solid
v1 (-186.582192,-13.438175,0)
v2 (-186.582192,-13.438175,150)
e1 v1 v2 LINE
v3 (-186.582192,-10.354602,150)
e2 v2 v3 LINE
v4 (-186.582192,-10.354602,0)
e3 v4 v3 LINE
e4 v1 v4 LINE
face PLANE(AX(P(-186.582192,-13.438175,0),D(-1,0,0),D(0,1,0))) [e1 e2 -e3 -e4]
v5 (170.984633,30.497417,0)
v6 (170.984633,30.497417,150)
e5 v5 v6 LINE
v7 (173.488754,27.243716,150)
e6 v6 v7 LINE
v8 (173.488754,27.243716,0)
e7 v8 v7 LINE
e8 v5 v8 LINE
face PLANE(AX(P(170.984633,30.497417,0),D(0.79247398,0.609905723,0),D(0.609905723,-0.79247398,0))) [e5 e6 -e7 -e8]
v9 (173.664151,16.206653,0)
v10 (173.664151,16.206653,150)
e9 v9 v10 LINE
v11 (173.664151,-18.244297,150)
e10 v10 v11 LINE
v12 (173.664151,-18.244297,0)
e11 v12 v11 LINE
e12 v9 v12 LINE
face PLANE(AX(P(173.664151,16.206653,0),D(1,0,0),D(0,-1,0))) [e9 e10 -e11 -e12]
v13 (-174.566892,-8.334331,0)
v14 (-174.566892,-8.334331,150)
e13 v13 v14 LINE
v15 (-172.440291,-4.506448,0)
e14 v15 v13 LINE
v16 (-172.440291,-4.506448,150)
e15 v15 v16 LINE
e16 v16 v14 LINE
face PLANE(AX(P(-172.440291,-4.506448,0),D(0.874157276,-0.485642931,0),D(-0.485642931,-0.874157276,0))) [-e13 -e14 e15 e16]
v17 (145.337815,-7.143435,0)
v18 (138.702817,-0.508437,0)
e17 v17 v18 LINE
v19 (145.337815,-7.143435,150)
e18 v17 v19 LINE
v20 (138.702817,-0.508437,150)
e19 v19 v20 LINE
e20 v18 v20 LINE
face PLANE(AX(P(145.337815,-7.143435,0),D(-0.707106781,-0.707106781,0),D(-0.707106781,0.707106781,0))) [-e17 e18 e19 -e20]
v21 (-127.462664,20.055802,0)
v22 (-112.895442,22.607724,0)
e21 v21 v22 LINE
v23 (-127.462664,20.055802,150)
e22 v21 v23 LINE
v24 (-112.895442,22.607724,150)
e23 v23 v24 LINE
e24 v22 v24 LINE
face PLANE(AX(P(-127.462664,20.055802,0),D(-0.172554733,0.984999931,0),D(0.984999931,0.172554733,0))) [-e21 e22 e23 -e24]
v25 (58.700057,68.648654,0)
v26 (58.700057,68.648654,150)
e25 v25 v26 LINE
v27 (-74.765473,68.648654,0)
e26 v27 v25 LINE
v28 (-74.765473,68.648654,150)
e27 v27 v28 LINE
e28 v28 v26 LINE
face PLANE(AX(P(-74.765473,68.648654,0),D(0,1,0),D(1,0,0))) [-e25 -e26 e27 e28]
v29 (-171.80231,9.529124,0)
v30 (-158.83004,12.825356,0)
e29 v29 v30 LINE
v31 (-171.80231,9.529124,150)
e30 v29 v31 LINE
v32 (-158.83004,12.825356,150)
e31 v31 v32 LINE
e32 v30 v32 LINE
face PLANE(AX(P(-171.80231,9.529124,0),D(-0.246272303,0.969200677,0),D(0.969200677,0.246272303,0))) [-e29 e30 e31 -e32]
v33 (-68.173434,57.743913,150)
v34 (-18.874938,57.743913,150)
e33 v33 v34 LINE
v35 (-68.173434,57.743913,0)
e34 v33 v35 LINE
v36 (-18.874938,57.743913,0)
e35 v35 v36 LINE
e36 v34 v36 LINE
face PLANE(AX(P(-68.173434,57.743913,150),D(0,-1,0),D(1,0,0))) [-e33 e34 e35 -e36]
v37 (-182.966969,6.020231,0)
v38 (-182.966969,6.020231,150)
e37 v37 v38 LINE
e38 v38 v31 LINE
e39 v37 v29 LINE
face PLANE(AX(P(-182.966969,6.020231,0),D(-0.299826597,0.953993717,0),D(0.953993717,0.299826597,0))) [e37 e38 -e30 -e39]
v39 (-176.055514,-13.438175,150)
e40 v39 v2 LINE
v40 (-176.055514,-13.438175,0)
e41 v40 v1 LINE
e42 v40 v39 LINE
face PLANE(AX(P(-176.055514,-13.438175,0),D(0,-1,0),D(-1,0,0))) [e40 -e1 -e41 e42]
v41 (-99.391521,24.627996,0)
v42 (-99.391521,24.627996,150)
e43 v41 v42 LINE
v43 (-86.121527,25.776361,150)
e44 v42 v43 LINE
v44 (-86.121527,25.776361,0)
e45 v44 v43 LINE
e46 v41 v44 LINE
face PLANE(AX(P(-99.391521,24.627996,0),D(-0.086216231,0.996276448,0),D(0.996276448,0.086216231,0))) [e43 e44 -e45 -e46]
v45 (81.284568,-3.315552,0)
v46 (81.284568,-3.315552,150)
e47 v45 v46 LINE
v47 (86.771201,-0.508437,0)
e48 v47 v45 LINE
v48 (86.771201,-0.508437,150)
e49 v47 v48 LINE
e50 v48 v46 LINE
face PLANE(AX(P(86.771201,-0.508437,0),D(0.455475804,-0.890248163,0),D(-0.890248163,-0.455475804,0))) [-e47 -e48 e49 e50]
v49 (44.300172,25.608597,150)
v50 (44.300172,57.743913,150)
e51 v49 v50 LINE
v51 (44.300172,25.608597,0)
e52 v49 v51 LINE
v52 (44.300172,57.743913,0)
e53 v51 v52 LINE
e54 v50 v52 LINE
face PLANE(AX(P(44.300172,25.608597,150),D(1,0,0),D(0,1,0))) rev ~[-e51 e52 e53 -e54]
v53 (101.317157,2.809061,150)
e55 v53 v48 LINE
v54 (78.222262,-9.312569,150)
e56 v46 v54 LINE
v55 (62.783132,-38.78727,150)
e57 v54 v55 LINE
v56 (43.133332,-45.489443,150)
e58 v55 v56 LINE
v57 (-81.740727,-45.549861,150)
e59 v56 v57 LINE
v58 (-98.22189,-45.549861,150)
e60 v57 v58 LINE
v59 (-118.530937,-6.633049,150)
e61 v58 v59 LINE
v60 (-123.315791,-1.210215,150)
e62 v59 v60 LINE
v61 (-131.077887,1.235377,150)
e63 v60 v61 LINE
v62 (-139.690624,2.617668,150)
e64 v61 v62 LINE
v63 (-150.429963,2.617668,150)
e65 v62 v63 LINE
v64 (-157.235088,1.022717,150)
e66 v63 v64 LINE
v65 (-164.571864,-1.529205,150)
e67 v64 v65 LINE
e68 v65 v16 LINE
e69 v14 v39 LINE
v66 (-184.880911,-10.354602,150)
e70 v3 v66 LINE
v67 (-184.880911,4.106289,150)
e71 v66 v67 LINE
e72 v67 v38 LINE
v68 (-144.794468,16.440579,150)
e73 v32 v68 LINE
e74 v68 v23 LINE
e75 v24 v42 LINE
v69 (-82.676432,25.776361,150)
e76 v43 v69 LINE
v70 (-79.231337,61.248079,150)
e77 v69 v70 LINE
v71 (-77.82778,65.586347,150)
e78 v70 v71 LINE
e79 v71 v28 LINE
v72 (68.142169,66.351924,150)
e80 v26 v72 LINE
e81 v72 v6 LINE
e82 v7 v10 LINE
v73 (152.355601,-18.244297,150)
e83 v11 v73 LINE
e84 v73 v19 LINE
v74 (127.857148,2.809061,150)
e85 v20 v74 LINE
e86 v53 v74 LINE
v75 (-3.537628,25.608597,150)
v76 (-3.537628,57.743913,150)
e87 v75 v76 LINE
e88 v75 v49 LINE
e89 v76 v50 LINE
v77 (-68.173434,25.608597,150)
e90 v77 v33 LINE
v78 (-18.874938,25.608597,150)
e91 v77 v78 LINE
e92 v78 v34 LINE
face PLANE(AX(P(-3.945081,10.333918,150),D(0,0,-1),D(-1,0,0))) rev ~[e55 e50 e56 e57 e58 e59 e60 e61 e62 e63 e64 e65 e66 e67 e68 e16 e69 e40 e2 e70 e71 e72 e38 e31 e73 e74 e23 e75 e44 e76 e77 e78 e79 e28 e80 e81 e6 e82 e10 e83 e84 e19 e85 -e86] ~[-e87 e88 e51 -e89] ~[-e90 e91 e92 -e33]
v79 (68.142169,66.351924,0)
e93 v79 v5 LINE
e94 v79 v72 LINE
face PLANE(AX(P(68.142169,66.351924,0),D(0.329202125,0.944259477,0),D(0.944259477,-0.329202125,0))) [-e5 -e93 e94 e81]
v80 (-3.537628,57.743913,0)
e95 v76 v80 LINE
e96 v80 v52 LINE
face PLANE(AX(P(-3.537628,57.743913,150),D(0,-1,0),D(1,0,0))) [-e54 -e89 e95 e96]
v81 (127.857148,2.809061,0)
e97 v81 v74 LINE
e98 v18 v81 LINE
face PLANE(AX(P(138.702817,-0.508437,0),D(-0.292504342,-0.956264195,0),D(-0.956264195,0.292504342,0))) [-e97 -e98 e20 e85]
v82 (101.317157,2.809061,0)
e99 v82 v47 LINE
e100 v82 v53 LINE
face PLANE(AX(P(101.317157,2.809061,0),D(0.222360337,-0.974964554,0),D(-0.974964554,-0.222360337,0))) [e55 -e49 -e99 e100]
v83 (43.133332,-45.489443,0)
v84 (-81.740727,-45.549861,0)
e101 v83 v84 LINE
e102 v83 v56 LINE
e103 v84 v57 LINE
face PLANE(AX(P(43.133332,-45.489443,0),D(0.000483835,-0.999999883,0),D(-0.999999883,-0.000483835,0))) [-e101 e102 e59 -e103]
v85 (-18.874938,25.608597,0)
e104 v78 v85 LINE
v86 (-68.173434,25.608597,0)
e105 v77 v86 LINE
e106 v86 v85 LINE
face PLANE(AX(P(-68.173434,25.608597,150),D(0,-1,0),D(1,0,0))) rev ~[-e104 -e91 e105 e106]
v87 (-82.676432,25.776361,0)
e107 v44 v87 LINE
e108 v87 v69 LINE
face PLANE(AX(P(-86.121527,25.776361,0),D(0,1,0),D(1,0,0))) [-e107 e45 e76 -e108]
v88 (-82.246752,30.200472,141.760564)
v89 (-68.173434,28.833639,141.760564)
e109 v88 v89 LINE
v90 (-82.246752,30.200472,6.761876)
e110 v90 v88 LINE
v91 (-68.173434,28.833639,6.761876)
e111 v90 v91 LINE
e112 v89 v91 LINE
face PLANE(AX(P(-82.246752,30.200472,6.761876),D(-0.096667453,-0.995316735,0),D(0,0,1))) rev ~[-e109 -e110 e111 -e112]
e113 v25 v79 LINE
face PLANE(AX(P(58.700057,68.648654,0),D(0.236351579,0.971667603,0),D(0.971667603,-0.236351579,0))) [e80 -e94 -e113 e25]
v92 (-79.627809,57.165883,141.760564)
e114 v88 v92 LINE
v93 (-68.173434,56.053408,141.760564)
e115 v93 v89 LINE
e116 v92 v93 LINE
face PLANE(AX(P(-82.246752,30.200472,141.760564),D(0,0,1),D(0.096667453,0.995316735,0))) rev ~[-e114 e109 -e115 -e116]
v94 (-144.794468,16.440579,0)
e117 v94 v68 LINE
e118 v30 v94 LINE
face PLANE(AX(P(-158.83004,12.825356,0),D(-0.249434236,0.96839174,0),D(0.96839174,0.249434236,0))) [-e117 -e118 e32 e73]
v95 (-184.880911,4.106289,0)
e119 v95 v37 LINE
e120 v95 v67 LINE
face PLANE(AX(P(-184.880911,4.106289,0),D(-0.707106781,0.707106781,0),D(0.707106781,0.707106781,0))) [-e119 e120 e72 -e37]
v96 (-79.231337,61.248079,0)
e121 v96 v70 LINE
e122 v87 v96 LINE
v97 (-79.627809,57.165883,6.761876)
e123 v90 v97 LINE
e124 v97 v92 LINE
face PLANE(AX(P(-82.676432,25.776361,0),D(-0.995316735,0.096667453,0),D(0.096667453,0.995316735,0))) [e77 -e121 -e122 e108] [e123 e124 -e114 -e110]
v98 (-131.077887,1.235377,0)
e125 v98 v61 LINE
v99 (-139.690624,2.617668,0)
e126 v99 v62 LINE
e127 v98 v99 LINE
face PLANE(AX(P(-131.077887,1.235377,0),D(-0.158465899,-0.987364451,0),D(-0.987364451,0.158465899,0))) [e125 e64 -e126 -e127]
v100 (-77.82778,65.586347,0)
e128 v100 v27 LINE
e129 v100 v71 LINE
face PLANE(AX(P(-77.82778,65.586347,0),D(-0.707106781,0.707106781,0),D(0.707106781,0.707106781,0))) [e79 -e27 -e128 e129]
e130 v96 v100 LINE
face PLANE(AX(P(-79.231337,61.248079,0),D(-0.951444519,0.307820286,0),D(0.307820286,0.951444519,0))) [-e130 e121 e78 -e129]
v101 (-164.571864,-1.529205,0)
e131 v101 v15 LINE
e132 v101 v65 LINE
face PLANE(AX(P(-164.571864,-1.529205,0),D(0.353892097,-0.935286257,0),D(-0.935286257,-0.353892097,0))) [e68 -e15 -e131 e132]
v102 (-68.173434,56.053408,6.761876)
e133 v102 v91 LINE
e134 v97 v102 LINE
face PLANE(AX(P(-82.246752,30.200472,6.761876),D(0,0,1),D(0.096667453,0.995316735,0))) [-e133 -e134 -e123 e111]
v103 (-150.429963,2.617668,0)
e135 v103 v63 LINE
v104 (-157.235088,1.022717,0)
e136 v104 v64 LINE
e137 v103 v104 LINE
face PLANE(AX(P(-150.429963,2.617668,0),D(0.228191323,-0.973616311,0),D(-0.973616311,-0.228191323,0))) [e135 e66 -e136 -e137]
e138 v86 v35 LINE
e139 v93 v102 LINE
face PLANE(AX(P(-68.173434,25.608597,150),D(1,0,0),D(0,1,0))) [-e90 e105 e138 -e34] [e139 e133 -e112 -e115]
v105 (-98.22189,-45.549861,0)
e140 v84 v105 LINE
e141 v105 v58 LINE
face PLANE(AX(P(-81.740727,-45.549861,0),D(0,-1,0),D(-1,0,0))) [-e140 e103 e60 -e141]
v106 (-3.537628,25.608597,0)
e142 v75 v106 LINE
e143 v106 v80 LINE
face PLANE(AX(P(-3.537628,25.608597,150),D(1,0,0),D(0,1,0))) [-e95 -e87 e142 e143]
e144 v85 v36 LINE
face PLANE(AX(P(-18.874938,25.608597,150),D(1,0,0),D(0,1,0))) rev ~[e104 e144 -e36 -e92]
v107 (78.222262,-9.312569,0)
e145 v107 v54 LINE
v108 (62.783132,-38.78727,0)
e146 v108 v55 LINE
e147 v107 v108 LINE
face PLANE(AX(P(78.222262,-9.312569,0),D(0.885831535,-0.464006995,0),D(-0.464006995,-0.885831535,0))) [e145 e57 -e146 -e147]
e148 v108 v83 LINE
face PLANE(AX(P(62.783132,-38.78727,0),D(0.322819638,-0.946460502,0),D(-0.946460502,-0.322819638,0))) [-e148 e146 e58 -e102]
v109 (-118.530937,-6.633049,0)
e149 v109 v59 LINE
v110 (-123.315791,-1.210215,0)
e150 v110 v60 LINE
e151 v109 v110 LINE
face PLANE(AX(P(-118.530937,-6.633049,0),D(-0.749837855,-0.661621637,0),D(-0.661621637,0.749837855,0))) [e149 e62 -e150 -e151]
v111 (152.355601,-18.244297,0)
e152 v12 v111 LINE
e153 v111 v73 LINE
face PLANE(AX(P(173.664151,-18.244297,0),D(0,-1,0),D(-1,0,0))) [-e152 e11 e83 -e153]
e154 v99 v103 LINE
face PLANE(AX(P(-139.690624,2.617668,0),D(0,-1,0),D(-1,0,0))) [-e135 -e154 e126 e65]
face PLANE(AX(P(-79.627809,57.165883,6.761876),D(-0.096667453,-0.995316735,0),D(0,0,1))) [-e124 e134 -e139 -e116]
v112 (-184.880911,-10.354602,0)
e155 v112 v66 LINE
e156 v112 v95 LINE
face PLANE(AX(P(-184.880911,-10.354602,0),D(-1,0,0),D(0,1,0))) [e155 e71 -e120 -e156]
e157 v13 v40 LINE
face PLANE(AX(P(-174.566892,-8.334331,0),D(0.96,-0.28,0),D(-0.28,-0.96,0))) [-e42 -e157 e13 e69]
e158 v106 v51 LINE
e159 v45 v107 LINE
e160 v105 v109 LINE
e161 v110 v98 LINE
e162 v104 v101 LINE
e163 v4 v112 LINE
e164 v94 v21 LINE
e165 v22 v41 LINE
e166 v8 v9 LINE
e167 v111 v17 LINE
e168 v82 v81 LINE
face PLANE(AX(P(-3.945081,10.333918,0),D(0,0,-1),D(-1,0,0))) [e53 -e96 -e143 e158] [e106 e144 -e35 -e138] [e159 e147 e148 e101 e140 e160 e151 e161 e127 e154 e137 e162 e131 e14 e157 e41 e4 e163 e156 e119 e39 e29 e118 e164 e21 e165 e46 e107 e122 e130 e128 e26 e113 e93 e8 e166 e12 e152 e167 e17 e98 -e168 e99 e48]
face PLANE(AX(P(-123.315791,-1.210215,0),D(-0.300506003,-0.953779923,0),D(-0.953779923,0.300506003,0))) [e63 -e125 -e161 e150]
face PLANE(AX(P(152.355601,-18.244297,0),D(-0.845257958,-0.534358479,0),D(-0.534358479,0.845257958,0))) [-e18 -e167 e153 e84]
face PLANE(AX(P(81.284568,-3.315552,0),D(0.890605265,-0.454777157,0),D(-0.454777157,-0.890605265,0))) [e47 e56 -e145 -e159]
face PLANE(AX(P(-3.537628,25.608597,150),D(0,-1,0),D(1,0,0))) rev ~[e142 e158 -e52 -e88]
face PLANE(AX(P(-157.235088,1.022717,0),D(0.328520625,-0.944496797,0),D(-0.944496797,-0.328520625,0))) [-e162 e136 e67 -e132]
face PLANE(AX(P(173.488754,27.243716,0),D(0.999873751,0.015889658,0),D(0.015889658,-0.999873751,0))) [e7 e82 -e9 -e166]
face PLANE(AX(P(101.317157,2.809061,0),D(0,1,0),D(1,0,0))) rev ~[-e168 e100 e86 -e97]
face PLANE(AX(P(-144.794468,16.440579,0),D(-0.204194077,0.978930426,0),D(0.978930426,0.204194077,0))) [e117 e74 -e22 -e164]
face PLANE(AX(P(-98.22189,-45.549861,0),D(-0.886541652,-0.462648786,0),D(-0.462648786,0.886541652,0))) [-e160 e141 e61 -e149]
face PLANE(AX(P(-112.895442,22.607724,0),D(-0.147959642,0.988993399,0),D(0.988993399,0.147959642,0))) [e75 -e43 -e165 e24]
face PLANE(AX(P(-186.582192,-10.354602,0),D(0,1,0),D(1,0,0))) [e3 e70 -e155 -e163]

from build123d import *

# Parameters (mm, degrees)
EXTRUDE1_DEPTH     = 150
SKETCH2_W          = 49.298496038
SKETCH2_H          = 32.135315936
SKETCH2_W_2        = 47.837799858
CUT_EXTRUDE1_DEPTH = 150
SKETCH3_W          = 134.99868738
SKETCH3_H          = 27.09229113
CUT_EXTRUDE2_DEPTH = 20


with BuildPart() as part:
    # Sketch1 → Extrude1 (new body)
    with BuildSketch(Plane.XY):
        Polygon((-118.530936898, -6.633049378), (-123.315790789, -1.210214968), (-131.077887101, 1.235377021), (-139.690624105, 2.617668145), (-150.429962839, 2.617668145), (-157.235088373, 1.022716848), (-164.571864339, -1.529205227), (-172.440290738, -4.506447648), (-174.566892467, -8.334330761), (-176.055513678, -13.438174912), (-186.582192239, -13.438174912), (-186.582192239, -10.354602404), (-184.880910855, -10.354602404), (-184.880910855, 4.106289356), (-182.966969299, 6.020230912), (-171.802310219, 9.529123766), (-158.83003967, 12.825356447), (-144.794468256, 16.440579387), (-127.462664161, 20.055802326), (-112.895442315, 22.607724402), (-99.391521333, 24.627996045), (-86.121526623, 25.776360974), (-82.676431684, 25.776360974), (-79.231336746, 61.248079229), (-77.827779548, 65.58634693), (-74.765472936, 68.648653542), (58.700056904, 68.648653542), (68.142168958, 66.351923583), (170.984632679, 30.497417), (173.488753661, 27.243716225), (173.664150964, 16.206652811), (173.664150964, -18.244296574), (152.355600789, -18.244296574), (145.337814803, -7.143435106), (138.702817143, -0.508437446), (127.857147893, 2.809061383), (115.480325336, 2.809061383), (101.317157255, 2.809061383), (86.771200848, -0.508437446), (81.284568168, -3.315551841), (78.222261556, -9.312568956), (62.783132387, -38.787270097), (43.133331627, -45.489442613), (-81.740726979, -45.549861026), (-98.221890382, -45.549861026), align=None)
    extrude(amount=EXTRUDE1_DEPTH)

    # Sketch2 → Cut-Extrude1 (cut)
    with BuildSketch(Plane.XY.offset(150)):
        with Locations((-43.524186177, 41.676254948)):
            Rectangle(SKETCH2_W, SKETCH2_H)
        with Locations((20.38127165, 41.676254948)):
            Rectangle(SKETCH2_W_2, SKETCH2_H)
    extrude(amount=-CUT_EXTRUDE1_DEPTH, mode=Mode.SUBTRACT)

    # Sketch3 → Cut-Extrude2 (cut)
    with BuildSketch(Plane(origin=(-84.383919497, 8.195560527, 0), x_dir=(0, 0, 1), z_dir=(-0.995316735, 0.096667453, 0))):
        with Locations((74.261219998, 35.654596801)):
            Rectangle(SKETCH3_W, SKETCH3_H)
    extrude(amount=-CUT_EXTRUDE2_DEPTH, mode=Mode.SUBTRACT)


solid = part.part
